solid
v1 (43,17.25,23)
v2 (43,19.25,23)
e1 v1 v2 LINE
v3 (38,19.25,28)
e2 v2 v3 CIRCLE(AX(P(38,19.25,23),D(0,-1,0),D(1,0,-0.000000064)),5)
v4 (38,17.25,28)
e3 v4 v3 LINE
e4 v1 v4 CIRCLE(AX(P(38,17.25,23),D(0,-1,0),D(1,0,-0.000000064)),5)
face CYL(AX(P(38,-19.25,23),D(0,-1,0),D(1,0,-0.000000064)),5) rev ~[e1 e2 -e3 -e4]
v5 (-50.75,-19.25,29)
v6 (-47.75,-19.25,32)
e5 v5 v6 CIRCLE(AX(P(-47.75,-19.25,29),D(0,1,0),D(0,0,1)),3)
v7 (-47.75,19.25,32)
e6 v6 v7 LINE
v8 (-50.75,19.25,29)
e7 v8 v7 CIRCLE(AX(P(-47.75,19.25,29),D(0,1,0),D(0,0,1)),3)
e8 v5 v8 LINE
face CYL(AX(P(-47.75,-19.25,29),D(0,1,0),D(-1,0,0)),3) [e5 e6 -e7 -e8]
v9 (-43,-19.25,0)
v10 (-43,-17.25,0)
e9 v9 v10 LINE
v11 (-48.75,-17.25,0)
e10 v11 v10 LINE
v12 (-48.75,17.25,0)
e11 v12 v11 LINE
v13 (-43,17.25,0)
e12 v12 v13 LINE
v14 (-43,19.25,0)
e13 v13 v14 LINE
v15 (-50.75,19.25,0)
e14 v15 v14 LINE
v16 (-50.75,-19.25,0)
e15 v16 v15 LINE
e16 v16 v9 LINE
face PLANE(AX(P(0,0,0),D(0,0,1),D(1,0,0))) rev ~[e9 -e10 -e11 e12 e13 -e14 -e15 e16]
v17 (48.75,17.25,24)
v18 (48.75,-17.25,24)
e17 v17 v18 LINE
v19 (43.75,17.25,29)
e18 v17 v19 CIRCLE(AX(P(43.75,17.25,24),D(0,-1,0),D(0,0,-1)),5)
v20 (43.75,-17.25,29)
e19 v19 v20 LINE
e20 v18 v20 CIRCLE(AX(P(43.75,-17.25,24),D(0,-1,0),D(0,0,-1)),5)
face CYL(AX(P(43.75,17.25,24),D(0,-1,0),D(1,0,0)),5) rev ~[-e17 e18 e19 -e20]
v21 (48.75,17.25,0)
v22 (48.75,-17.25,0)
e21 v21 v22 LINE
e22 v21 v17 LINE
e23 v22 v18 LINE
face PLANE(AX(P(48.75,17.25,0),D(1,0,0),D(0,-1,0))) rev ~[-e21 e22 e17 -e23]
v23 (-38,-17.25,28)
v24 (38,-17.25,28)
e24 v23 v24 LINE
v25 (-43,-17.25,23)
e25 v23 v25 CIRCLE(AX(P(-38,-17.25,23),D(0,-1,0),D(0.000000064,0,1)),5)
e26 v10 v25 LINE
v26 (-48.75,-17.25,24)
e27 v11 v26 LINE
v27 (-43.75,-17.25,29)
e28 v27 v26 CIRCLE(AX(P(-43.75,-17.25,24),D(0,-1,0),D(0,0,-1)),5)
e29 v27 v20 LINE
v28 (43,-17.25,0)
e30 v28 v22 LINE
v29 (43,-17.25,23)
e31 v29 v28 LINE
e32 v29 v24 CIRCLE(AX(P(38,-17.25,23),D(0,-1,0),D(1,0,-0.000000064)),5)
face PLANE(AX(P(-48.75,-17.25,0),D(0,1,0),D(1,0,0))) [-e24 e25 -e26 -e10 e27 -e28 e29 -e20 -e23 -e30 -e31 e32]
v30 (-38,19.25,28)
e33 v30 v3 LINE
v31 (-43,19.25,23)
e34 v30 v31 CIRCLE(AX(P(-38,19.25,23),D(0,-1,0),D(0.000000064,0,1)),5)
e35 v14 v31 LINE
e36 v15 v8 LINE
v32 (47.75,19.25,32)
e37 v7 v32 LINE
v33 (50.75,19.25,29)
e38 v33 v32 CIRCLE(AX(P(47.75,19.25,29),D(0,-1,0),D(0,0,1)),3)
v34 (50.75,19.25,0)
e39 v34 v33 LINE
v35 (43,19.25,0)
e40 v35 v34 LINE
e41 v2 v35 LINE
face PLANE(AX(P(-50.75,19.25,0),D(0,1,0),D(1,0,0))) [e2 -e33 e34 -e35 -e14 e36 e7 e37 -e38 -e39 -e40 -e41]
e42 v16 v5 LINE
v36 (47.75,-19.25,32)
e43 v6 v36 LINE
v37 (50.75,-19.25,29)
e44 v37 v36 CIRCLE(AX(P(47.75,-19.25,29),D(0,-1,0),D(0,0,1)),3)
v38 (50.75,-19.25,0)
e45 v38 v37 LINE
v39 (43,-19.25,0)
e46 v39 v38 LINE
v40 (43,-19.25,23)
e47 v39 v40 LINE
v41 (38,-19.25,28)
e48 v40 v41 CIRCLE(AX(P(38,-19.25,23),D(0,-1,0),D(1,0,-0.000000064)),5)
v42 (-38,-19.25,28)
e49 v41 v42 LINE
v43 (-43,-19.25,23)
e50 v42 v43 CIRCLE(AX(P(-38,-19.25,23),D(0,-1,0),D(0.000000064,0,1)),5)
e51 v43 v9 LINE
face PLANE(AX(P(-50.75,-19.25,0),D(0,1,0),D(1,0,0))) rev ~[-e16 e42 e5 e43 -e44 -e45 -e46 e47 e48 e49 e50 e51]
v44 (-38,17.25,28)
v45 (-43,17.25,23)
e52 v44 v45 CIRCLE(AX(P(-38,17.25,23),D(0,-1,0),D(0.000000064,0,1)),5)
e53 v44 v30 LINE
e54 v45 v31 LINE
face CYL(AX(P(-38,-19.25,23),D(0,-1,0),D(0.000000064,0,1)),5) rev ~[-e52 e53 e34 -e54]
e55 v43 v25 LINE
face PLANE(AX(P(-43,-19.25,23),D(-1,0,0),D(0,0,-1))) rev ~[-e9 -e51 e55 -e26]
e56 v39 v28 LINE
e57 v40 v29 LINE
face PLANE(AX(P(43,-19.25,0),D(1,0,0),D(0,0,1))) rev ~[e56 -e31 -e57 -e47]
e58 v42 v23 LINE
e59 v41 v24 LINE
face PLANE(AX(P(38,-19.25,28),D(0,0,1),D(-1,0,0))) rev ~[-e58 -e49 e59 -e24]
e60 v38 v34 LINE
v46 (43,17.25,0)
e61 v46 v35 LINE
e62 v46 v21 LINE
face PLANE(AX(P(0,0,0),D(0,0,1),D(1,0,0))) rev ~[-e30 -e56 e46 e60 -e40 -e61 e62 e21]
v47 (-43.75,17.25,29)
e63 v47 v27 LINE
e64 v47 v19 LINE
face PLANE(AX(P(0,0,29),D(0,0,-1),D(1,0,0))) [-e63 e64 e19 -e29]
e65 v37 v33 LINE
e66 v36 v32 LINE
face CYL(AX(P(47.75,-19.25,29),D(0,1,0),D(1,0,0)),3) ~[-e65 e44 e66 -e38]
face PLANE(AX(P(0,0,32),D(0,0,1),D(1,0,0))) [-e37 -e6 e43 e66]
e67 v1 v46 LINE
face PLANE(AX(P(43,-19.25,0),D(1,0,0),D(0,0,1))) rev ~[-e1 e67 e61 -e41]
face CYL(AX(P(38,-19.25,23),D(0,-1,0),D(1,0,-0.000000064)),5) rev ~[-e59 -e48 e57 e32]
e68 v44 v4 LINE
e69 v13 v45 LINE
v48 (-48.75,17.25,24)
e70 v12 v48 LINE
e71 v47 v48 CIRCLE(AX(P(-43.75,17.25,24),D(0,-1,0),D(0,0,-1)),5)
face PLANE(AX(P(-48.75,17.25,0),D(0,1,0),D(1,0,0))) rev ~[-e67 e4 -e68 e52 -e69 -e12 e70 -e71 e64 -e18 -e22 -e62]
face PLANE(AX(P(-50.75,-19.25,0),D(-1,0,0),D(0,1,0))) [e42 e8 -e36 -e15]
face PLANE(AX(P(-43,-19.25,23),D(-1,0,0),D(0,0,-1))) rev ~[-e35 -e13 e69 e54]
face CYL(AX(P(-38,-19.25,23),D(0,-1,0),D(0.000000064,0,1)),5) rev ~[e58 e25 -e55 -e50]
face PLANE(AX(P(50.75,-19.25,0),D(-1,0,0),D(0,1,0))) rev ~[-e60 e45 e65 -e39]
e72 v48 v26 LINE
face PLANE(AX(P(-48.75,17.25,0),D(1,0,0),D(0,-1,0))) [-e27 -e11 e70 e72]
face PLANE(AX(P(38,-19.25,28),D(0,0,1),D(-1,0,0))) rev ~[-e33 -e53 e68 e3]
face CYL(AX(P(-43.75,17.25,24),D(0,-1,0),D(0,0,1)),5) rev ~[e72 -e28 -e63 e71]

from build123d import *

# Parameters (mm, degrees)
F0_W     = 101.5
F0_H     = 38.5
F1_DEPTH = 32
F2_W     = 97.5
F2_H     = 34.5
F3_DEPTH = 29
F5_DEPTH = 38.501
F6_R     = 5
F7_R     = 5
F8_R     = 3


with BuildPart() as f1:
    # F0 (on Top) → F1 (new body)
    with BuildSketch(Plane.XY):
        Rectangle(F0_W, F0_H)
    extrude(amount=F1_DEPTH)

    # F2 (on face) → F3 (cut)
    with BuildSketch(Plane(origin=(0, 0, 0), x_dir=(1, 0, 0), z_dir=(0, 0, -1))):
        Rectangle(F2_W, F2_H)
    extrude(amount=-F3_DEPTH, mode=Mode.SUBTRACT)

    # F4 (on face) → F5 (cut, through all)
    with BuildSketch(Plane.XZ.offset(19.25)):
        with BuildLine():
            Line((-43, 23), (-43, 0))
            Line((-43, 0), (43, 0))
            Line((43, 0), (43, 23))
            ThreePointArc((43, 23), (41.535534, 26.535534), (38, 28))
            Line((38, 28), (-38, 28))
            ThreePointArc((-38, 28), (-41.535534, 26.535534), (-43, 23))
        make_face()
    extrude(amount=-F5_DEPTH, mode=Mode.SUBTRACT)

    # F6
    f6_edges = [f1.edges().sort_by_distance(p)[0] for p in [
        (48.75, 0, 29),
    ]]
    fillet(f6_edges, radius=F6_R)

    # F7
    f7_edges = [f1.edges().sort_by_distance(p)[0] for p in [
        (-48.75, 0, 29),
    ]]
    fillet(f7_edges, radius=F7_R)

    # F8
    f8_edges = [f1.edges().sort_by_distance(p)[0] for p in [
        (50.75, 0, 32),
        (-50.75, 0, 32),
    ]]
    fillet(f8_edges, radius=F8_R)


solid = f1.part
